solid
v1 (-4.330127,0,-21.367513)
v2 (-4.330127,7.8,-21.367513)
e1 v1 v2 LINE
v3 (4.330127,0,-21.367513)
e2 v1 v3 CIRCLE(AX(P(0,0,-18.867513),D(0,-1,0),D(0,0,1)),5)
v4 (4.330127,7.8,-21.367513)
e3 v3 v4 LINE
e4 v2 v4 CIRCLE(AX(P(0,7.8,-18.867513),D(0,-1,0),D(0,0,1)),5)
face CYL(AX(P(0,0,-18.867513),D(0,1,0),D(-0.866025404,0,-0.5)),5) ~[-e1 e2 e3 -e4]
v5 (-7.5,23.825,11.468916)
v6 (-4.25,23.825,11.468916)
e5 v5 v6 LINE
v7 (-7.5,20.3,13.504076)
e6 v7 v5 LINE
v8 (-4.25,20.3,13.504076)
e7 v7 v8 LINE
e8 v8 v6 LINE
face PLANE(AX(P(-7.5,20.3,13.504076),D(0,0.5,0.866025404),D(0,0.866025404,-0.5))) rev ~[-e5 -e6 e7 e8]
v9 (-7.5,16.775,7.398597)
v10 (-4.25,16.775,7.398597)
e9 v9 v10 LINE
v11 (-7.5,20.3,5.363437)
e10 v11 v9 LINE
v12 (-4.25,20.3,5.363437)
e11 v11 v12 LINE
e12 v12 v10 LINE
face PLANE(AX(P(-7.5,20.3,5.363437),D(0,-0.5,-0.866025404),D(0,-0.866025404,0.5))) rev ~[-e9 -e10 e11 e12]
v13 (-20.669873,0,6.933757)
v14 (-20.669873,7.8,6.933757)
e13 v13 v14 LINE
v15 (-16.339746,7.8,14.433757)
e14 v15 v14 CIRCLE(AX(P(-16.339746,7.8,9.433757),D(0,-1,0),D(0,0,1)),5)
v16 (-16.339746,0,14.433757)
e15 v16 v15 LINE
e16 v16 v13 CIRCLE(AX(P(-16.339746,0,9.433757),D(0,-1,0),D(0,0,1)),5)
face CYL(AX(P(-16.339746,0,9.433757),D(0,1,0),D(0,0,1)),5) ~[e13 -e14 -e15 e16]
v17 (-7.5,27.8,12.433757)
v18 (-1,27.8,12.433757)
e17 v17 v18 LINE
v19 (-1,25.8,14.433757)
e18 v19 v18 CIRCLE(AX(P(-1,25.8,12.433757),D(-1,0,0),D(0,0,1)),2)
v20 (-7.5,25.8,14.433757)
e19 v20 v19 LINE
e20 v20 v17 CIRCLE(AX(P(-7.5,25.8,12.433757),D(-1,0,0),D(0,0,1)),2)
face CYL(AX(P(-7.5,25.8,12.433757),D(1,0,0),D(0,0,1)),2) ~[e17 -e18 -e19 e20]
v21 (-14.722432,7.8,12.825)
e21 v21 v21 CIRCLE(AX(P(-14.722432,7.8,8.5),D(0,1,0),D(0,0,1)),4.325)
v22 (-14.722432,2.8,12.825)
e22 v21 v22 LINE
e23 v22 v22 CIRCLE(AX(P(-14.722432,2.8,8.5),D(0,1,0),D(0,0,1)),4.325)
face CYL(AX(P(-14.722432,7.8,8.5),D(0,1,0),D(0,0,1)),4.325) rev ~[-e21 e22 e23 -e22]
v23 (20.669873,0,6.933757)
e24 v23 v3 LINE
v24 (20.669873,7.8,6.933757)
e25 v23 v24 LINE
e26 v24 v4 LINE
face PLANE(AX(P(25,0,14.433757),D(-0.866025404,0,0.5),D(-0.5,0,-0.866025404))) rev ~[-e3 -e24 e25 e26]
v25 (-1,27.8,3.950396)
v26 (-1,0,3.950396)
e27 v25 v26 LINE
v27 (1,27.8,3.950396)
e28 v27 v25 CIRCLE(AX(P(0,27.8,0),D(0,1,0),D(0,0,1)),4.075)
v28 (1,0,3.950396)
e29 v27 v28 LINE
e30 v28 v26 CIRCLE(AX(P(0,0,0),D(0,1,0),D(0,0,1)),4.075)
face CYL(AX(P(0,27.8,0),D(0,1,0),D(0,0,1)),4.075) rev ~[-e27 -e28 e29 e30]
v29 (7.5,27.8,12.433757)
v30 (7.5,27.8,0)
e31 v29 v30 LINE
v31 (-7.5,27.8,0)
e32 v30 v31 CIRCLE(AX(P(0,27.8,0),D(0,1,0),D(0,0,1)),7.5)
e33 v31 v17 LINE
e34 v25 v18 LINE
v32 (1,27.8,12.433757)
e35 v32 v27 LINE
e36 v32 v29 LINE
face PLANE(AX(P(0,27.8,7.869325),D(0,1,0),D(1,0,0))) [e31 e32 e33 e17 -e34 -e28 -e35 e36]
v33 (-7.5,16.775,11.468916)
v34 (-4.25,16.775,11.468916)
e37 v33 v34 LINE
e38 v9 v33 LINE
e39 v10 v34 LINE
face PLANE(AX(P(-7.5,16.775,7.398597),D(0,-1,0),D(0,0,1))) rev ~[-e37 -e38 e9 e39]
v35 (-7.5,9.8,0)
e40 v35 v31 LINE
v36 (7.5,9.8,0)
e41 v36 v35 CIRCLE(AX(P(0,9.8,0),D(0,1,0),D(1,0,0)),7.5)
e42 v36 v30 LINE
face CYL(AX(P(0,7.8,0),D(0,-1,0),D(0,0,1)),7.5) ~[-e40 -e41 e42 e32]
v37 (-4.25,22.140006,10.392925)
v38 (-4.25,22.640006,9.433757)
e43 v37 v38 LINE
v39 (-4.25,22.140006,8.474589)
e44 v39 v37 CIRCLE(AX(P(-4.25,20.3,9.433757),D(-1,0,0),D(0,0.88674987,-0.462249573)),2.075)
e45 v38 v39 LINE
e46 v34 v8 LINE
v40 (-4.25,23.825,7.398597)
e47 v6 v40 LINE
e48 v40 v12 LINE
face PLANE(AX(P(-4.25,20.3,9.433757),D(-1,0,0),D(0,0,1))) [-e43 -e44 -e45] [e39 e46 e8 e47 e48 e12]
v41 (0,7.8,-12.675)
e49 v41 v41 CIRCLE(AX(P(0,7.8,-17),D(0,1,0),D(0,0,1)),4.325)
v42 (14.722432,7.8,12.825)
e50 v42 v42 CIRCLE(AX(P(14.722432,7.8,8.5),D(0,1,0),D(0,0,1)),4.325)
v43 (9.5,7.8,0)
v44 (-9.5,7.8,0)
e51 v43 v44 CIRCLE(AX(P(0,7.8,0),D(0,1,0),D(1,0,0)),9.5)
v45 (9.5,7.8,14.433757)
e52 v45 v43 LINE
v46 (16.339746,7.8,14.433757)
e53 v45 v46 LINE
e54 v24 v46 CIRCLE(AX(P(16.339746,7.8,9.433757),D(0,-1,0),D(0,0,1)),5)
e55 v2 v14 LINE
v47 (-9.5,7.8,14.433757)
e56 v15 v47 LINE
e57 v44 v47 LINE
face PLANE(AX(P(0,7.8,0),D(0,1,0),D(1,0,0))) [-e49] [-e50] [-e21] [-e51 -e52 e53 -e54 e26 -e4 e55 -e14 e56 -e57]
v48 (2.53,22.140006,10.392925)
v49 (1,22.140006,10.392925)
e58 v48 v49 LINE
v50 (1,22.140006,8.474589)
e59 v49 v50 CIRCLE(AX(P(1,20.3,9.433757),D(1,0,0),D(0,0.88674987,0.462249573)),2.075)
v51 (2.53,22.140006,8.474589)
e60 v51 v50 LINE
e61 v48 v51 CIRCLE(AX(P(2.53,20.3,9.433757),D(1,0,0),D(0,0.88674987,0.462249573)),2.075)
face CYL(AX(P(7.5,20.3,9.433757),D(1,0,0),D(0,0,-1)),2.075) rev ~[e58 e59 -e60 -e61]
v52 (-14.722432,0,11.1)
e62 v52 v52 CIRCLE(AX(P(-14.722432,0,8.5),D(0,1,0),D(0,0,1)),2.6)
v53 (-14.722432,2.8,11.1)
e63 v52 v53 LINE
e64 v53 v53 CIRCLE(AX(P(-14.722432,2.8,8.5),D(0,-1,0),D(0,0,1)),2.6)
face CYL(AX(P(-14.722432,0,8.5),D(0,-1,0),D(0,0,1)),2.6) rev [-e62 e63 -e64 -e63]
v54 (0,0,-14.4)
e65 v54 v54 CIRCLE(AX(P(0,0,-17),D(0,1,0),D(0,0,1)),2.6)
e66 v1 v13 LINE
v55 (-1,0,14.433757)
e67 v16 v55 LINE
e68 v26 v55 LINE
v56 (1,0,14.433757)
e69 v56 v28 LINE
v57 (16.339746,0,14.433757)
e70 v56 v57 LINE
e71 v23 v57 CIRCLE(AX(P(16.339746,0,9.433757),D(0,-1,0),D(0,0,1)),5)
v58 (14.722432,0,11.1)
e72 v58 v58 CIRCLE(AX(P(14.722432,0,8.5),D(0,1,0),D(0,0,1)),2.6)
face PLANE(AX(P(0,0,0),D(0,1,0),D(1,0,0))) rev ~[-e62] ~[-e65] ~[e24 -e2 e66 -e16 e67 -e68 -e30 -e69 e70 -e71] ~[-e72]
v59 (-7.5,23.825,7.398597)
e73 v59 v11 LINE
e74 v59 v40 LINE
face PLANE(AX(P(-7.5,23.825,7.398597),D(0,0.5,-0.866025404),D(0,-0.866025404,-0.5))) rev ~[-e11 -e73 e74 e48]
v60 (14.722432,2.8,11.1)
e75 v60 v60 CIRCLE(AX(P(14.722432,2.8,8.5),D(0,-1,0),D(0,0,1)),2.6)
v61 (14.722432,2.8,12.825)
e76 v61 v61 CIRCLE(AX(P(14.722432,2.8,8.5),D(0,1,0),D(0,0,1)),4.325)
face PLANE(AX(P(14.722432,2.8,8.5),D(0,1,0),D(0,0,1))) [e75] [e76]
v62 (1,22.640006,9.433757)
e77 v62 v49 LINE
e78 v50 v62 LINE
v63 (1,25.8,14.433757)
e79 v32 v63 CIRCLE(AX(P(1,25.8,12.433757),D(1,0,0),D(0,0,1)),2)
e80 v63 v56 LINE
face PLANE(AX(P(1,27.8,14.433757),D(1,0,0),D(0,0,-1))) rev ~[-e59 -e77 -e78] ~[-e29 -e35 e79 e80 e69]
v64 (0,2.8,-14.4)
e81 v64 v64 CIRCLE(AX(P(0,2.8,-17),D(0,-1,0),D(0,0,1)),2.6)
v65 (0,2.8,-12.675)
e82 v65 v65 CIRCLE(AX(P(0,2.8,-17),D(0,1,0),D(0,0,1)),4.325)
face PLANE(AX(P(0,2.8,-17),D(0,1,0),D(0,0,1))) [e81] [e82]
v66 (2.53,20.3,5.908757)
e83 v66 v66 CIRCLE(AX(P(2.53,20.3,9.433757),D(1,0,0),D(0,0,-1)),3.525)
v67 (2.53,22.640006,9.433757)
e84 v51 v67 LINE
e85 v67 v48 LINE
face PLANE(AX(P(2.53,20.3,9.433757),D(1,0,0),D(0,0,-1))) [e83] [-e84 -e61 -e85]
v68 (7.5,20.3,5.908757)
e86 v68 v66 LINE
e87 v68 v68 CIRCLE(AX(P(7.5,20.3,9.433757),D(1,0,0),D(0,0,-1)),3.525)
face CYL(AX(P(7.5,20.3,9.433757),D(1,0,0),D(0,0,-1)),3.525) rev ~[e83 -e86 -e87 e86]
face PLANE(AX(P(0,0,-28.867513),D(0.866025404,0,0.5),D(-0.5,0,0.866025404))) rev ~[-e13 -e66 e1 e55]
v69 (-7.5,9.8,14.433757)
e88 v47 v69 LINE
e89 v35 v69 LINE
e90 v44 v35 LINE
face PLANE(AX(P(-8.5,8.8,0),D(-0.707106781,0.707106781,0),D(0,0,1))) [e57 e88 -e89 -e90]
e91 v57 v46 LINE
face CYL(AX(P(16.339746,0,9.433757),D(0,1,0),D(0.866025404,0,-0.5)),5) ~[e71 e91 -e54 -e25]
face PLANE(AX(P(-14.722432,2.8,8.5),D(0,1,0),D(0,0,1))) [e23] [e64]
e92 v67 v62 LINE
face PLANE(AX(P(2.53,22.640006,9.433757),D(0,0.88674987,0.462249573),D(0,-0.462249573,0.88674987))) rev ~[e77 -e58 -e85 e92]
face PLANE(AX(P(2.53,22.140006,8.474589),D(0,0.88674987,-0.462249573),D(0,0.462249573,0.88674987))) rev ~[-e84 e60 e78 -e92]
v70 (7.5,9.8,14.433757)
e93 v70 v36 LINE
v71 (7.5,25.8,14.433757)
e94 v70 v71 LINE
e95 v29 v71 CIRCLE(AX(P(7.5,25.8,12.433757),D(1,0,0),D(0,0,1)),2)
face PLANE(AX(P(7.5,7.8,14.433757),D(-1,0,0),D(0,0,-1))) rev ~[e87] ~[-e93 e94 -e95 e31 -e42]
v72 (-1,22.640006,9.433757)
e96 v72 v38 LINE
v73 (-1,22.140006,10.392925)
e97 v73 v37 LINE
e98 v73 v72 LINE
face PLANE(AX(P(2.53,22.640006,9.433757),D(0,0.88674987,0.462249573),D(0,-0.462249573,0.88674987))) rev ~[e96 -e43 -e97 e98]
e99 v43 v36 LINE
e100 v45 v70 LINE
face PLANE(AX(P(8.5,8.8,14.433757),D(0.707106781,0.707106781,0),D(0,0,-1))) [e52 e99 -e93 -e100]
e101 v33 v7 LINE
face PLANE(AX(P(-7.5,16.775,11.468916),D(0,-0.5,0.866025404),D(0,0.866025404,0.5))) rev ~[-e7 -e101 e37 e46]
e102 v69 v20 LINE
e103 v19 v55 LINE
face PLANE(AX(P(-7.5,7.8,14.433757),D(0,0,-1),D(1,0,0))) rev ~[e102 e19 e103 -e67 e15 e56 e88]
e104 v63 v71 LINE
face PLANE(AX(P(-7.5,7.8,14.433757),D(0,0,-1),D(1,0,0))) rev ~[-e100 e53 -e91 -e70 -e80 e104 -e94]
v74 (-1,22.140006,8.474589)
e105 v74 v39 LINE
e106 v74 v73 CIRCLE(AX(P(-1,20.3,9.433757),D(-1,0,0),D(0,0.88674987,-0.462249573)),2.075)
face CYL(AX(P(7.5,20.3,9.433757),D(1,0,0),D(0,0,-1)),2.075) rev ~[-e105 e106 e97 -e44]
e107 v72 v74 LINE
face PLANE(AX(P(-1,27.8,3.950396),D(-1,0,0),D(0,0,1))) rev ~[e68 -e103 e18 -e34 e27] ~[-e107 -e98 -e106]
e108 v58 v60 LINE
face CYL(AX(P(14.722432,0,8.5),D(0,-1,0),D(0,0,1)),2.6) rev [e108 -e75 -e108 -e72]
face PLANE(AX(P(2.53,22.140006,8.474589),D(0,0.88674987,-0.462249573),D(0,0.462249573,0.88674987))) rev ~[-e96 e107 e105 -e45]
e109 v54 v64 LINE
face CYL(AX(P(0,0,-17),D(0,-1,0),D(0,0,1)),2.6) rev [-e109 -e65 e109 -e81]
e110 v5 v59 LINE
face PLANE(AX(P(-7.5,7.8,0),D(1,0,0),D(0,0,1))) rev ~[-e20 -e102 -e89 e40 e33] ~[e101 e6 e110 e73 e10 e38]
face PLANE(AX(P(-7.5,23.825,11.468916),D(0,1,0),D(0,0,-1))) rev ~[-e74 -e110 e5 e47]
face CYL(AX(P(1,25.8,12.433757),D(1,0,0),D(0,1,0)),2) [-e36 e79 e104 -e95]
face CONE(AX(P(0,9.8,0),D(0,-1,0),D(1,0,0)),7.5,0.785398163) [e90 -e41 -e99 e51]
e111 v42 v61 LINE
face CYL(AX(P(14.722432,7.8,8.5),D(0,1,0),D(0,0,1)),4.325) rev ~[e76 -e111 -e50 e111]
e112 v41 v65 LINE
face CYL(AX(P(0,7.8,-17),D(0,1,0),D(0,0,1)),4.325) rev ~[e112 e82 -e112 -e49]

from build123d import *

# Parameters (mm, degrees)
ESQUISSE5_R              = 2.6
BOSS_EXTRU_2_DEPTH       = 7.8
ESQUISSE6_R              = 7.5
BOSS_EXTRU_3_DEPTH       = 20
BOSS_EXTRU_6_START       = -20
BOSS_EXTRU_6_DEPTH       = 20
ESQUISSE14_R             = 4.075
ENL_V_MAT_EXTRU_4_DEPTH  = 48.235297536
ENL_V_MAT_EXTRU_5_DEPTH  = 48.235297536
CONG_2_R                 = 5
ESQUISSE17_R             = 2.075
ENL_V_MAT_EXTRU_6_DEPTH  = 47.62863011
ENL_V_MAT_EXTRU_7_DEPTH  = 3.25
ESQUISSE19_R             = 4.325
ENL_V_MAT_EXTRU_8_DEPTH  = 5
ESQUISSE20_R             = 3.525
ENL_V_MAT_EXTRU_9_DEPTH  = 4.97
CONG_3_R                 = 2
CHANFREIN2_SIZE          = 2
ENL_V_MAT_EXTRU_10_DEPTH = 44.729429119


with BuildPart() as part:
    # Esquisse5 → Boss.-Extru.2 (new body)
    with BuildSketch(Plane(origin=(0, 0, 0), x_dir=(1, 0, 0), z_dir=(0, 1, 0))):
        Polygon((-25, -14.43375673), (25, -14.43375673), (0, 28.867513459), align=None)
        with Locations(Location((0, 17, 0), (0, 0, 270))):
            Circle(ESQUISSE5_R, mode=Mode.SUBTRACT)
        with Locations(Location((-14.722431864, -8.5, 0), (0, 0, 270))):
            Circle(ESQUISSE5_R, mode=Mode.SUBTRACT)
        with Locations(Location((14.722431864, -8.5, 0), (0, 0, 270))):
            Circle(ESQUISSE5_R, mode=Mode.SUBTRACT)
    extrude(amount=BOSS_EXTRU_2_DEPTH)

    # Esquisse6 → Boss.-Extru.3 (add)
    with BuildSketch(Plane(origin=(0, 7.8, 0), x_dir=(1, 0, 0), z_dir=(0, 1, 0))):
        with Locations(Location((0, 0, 0), (0, 0, 270))):
            Circle(ESQUISSE6_R)
    extrude(amount=BOSS_EXTRU_3_DEPTH)

    # Esquisse13 → Boss.-Extru.6 (add)
    with BuildSketch(Plane(origin=(0, 27.8, 0), x_dir=(1, 0, 0), z_dir=(0, 1, 0)).offset(BOSS_EXTRU_6_START)):
        with BuildLine():
            Line((-7.5, 0), (-7.5, -14.43375673))
            Line((-7.5, -14.43375673), (7.5, -14.43375673))
            Line((7.5, -14.43375673), (7.5, 0))
            ThreePointArc((7.5, 0), (0, -7.5), (-7.5, 0))
        make_face()
    extrude(amount=BOSS_EXTRU_6_DEPTH)

    # Esquisse14 → Enlèv. mat.-Extru.4 (cut, through all)
    with BuildSketch(Plane(origin=(0, 27.8, 0), x_dir=(1, 0, 0), z_dir=(0, 1, 0))):
        with Locations(Location((0, 0, 0), (0, 0, 270))):
            Circle(ESQUISSE14_R)
    extrude(amount=-ENL_V_MAT_EXTRU_4_DEPTH, mode=Mode.SUBTRACT)

    # Esquisse15 → Enlèv. mat.-Extru.5 (cut, through all)
    with BuildSketch(Plane(origin=(0, 27.8, 0), x_dir=(1, 0, 0), z_dir=(0, 1, 0))):
        with BuildLine():
            Line((-1, -3.95039555), (-1, -14.43375673))
            Line((-1, -14.43375673), (1, -14.43375673))
            Line((1, -14.43375673), (1, -3.95039555))
            ThreePointArc((1, -3.95039555), (0, -4.075), (-1, -3.95039555))
        make_face()
    extrude(amount=-ENL_V_MAT_EXTRU_5_DEPTH, mode=Mode.SUBTRACT)

    # Congé2
    cong_2_edges = [part.edges().sort_by_distance(p)[0] for p in [
        (0, 3.9, -28.867513459),
        (25, 3.9, 14.43375673),
        (-25, 3.9, 14.43375673),
    ]]
    fillet(cong_2_edges, radius=CONG_2_R)

    # Esquisse17 → Enlèv. mat.-Extru.6 (cut, through all)
    with BuildSketch(Plane(origin=(7.5, 0, 0), x_dir=(0, 0, -1), z_dir=(1, 0, 0))):
        with Locations((-9.43375673, 20.3)):
            Circle(ESQUISSE17_R)
    extrude(amount=-ENL_V_MAT_EXTRU_6_DEPTH, mode=Mode.SUBTRACT)

    # Esquisse18 → Enlèv. mat.-Extru.7 (cut)
    with BuildSketch(Plane.ZY.offset(7.5)):
        Polygon((11.468916429, 23.825), (7.398597031, 23.825), (5.363437332, 20.3), (7.398597031, 16.775), (11.468916429, 16.775), (13.504076128, 20.3), align=None)
    extrude(amount=-ENL_V_MAT_EXTRU_7_DEPTH, mode=Mode.SUBTRACT)

    # Esquisse19 → Enlèv. mat.-Extru.8 (cut)
    with BuildSketch(Plane(origin=(0, 7.8, 0), x_dir=(1, 0, 0), z_dir=(0, 1, 0))):
        with Locations(Location((0, 17, 0), (0, 0, 270))):
            Circle(ESQUISSE19_R)
        with Locations(Location((14.722431864, -8.5, 0), (0, 0, 270))):
            Circle(ESQUISSE19_R)
        with Locations(Location((-14.722431864, -8.5, 0), (0, 0, 270))):
            Circle(ESQUISSE19_R)
    extrude(amount=-ENL_V_MAT_EXTRU_8_DEPTH, mode=Mode.SUBTRACT)

    # Esquisse20 → Enlèv. mat.-Extru.9 (cut)
    with BuildSketch(Plane(origin=(7.5, 0, 0), x_dir=(0, 0, -1), z_dir=(1, 0, 0))):
        with Locations((-9.43375673, 20.3)):
            Circle(ESQUISSE20_R)
    extrude(amount=-ENL_V_MAT_EXTRU_9_DEPTH, mode=Mode.SUBTRACT)

    # Congé3
    cong_3_edges = [part.edges().sort_by_distance(p)[0] for p in [
        (-4.25, 27.8, 14.43375673),
        (4.25, 27.8, 14.43375673),
    ]]
    fillet(cong_3_edges, radius=CONG_3_R)

    # Chanfrein2
    chanfrein2_edges = [part.edges().sort_by_distance(p)[0] for p in [
        (0, 7.8, -7.5),
        (7.5, 7.8, 7.216878365),
        (-7.5, 7.8, 7.216878365),
    ]]
    chamfer(chanfrein2_edges, length=CHANFREIN2_SIZE)

    # Esquisse21 → Enlèv. mat.-Extru.10 (cut, through all)
    with BuildSketch(Plane(origin=(2.53, 0, 0), x_dir=(0, 0, -1), z_dir=(1, 0, 0))):
        Polygon((-10.392924593, 22.140005981), (-8.474588866, 22.140005981), (-9.43375673, 22.640005981), align=None)
    extrude(amount=-ENL_V_MAT_EXTRU_10_DEPTH, mode=Mode.SUBTRACT)


solid = part.part
